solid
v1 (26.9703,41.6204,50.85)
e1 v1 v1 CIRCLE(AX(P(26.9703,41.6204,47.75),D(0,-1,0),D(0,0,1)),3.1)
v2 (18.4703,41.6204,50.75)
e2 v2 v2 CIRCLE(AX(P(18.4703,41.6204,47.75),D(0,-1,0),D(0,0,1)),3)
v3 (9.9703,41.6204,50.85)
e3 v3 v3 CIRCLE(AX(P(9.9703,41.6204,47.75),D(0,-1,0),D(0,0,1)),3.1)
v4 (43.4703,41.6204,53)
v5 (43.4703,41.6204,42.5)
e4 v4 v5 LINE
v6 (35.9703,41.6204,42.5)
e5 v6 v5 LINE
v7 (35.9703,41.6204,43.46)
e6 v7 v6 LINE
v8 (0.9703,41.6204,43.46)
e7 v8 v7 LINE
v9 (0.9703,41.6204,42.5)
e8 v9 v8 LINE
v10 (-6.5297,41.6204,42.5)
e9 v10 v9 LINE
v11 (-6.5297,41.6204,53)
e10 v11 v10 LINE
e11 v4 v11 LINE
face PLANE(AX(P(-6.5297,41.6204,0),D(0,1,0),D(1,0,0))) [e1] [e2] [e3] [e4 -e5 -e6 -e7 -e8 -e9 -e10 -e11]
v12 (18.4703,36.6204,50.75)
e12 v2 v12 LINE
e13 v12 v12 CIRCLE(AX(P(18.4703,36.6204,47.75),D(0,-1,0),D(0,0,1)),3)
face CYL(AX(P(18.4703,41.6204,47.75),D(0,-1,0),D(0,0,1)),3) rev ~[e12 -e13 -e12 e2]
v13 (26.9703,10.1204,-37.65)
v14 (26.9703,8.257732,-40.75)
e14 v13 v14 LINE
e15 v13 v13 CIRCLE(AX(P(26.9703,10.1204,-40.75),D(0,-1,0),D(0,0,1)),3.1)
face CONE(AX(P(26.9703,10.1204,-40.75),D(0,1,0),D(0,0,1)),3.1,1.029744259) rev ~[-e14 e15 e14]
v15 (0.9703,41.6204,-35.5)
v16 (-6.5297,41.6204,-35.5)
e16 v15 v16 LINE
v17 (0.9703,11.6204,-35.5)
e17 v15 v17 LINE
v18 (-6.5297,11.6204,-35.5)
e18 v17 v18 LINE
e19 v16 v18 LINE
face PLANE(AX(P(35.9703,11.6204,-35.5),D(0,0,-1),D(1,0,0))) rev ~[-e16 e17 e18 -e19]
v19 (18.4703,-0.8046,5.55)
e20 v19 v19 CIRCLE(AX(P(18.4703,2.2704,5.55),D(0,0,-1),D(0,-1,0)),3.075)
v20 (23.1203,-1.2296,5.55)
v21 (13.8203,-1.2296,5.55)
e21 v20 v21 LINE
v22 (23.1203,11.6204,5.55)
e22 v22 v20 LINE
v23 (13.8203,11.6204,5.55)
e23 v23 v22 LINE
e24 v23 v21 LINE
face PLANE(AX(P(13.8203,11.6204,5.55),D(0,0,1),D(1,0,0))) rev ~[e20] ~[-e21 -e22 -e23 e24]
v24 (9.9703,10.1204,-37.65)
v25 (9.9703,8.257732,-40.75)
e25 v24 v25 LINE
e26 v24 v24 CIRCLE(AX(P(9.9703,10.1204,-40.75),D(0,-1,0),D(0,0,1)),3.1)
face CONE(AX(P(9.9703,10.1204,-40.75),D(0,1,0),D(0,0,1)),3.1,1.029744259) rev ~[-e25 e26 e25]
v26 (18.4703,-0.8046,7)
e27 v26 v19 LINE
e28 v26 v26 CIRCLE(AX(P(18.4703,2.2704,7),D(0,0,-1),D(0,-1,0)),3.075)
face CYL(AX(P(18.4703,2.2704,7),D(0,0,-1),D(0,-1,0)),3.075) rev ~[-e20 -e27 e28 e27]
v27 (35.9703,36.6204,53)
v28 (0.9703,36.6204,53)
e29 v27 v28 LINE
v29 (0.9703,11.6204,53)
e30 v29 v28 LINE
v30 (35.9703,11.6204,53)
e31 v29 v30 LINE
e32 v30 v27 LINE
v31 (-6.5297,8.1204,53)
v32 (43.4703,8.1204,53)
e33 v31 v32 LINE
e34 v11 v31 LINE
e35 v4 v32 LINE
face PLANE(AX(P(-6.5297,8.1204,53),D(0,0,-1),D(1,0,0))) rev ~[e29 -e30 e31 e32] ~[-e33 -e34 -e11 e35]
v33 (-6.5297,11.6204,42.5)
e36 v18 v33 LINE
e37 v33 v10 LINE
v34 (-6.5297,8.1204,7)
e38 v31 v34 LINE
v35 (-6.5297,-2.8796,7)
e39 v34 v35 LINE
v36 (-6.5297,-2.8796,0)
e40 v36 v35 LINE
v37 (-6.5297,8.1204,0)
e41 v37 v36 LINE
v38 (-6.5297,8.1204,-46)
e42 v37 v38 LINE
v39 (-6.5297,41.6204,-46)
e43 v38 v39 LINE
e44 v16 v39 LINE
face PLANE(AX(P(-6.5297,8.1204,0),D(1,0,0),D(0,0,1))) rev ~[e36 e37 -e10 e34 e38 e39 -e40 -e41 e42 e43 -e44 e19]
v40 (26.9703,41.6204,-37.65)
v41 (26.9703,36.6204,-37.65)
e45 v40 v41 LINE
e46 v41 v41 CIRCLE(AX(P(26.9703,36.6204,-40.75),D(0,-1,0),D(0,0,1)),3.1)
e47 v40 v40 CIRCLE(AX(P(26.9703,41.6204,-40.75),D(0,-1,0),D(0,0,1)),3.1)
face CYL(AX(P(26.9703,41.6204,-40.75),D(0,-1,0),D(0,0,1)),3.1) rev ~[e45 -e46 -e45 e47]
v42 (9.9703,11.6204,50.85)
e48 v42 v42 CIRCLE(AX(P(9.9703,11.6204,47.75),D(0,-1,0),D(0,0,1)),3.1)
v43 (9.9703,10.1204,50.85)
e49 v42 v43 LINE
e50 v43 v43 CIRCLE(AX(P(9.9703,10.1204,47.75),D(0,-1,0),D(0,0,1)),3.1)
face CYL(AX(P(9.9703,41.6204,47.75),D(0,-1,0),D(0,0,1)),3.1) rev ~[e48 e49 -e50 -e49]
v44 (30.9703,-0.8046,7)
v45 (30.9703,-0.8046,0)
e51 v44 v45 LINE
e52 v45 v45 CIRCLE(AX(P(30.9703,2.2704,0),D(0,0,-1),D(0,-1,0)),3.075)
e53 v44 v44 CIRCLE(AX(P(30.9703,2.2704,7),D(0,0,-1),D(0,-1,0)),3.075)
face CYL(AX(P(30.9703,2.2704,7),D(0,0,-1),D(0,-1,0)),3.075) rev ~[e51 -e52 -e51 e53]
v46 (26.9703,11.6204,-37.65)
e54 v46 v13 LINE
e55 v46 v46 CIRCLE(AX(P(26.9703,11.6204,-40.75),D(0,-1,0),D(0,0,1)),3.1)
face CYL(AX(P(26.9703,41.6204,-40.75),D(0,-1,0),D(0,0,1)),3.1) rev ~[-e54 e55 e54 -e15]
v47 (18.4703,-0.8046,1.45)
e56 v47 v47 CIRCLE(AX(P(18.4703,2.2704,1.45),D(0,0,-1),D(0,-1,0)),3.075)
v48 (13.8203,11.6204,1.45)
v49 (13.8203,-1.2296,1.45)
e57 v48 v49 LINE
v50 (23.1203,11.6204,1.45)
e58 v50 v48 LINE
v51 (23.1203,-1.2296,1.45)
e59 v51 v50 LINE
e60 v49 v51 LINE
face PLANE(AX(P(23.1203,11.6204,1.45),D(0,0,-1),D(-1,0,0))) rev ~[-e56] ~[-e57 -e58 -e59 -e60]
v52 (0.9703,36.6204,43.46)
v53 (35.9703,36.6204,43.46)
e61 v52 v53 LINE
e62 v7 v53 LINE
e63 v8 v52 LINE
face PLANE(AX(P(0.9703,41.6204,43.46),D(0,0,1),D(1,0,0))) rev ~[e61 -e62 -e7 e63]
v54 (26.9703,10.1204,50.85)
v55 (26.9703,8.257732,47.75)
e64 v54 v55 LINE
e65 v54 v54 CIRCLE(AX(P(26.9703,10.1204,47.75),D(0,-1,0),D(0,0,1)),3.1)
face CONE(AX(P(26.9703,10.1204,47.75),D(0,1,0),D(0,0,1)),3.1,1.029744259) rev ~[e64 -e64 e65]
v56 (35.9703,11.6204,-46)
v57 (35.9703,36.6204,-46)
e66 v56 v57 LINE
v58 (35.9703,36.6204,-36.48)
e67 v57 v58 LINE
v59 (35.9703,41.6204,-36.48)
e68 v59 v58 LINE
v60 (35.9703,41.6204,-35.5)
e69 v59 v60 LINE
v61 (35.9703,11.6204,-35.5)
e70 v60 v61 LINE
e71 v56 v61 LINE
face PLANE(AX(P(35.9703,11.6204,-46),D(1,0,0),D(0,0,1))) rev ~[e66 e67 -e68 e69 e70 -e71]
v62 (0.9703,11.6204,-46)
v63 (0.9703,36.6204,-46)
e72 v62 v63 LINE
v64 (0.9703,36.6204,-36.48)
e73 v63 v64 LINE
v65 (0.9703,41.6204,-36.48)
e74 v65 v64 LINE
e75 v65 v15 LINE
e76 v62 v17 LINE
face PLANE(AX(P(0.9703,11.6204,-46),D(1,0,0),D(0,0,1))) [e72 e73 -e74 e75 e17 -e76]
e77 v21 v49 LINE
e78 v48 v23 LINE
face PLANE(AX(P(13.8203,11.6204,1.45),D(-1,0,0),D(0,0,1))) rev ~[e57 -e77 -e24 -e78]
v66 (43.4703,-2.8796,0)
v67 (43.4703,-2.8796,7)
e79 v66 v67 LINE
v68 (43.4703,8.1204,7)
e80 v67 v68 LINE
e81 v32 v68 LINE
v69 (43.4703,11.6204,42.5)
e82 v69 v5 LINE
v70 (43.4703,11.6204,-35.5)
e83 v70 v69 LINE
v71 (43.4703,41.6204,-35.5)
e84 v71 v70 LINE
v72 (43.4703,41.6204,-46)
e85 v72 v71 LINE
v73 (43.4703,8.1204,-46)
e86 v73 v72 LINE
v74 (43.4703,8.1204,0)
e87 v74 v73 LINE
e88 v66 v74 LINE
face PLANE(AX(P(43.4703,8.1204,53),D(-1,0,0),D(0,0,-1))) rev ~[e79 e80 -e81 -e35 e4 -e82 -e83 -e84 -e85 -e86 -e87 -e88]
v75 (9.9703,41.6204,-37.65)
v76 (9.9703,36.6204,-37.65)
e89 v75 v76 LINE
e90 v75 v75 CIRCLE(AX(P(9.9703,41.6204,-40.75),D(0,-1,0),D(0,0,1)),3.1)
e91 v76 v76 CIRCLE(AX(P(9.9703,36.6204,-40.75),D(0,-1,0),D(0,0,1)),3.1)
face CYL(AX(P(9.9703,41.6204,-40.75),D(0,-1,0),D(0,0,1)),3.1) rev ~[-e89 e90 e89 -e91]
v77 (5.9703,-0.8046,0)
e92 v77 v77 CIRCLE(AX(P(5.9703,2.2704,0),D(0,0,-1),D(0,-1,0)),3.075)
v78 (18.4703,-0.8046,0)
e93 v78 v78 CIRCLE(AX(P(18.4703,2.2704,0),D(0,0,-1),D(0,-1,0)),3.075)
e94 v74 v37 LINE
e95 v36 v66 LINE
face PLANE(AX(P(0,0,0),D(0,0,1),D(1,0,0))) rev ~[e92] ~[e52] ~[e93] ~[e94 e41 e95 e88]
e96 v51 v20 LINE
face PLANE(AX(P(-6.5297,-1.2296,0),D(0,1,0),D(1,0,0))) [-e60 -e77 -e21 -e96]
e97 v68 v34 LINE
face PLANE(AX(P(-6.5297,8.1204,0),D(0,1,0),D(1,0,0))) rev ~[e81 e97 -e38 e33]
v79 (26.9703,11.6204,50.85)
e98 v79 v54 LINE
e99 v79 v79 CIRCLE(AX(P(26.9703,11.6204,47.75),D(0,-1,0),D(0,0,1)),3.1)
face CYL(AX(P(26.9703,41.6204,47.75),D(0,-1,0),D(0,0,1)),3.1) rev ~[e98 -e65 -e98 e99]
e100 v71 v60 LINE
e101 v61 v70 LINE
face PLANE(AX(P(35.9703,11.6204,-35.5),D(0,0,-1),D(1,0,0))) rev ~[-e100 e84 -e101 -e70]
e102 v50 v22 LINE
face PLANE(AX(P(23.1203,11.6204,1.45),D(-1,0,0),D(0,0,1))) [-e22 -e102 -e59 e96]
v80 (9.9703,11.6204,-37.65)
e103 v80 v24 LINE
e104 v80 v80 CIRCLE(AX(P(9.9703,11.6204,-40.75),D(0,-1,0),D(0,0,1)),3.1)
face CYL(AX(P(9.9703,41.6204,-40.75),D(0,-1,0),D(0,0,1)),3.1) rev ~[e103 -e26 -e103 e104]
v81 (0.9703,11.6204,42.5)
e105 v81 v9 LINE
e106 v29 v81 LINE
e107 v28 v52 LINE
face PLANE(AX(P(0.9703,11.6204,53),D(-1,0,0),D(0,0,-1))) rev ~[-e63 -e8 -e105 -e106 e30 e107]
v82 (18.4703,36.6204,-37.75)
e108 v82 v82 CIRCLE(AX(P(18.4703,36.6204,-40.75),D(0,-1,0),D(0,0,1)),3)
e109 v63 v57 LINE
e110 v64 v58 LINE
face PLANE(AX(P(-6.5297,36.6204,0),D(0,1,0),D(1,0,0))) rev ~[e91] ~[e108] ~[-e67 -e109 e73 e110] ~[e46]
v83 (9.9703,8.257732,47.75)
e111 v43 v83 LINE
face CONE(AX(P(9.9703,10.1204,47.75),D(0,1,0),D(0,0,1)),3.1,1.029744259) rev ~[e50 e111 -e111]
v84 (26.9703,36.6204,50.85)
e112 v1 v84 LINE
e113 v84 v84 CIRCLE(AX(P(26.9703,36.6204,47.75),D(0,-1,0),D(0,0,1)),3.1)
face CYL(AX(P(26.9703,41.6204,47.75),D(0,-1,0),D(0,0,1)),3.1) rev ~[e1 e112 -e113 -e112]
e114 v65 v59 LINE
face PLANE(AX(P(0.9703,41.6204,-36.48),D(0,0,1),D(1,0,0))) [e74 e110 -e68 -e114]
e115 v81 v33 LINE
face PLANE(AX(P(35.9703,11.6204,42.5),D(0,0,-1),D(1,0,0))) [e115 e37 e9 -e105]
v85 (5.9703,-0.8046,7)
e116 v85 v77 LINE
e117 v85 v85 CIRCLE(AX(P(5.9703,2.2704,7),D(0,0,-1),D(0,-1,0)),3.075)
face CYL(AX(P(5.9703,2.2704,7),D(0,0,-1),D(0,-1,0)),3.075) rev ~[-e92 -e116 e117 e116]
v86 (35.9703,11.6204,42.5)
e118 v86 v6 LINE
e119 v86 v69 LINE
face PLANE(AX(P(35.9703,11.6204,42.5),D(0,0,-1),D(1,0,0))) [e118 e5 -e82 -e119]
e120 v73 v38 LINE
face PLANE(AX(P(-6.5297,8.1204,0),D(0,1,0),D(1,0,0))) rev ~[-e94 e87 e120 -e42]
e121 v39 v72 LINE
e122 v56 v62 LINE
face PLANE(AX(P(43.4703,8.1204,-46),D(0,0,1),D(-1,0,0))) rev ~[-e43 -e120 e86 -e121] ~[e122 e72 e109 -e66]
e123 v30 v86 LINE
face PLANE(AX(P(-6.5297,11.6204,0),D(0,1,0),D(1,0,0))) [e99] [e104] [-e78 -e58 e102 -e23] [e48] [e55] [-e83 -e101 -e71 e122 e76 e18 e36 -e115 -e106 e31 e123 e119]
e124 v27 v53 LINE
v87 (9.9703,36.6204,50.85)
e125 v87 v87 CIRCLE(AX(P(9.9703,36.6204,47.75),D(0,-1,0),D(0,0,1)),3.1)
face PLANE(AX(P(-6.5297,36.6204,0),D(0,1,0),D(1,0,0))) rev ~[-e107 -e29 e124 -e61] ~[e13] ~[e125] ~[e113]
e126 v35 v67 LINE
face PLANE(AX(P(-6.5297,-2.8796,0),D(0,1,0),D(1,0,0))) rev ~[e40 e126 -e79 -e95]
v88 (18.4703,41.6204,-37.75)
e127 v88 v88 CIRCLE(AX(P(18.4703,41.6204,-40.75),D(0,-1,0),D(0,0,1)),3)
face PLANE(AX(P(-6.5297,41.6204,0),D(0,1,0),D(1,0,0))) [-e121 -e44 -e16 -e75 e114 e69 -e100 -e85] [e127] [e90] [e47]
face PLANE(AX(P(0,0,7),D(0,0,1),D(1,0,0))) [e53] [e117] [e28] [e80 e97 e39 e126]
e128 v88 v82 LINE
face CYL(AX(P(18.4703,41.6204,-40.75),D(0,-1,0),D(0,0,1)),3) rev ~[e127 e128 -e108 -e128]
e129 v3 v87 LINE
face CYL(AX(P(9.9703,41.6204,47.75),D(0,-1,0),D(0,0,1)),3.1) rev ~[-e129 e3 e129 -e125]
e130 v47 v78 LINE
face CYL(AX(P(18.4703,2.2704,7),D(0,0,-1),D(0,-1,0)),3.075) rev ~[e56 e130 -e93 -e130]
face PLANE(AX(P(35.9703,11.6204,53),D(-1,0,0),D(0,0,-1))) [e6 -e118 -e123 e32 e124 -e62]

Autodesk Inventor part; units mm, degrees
ref_plane "YZ Plane" through (0, 0, 0) normal (1, 0, 0) x (0, 1, 0)
ref_plane "XZ Plane" through (0, 0, 0) normal (0, 1, 0) x (-1, 0, 0)
ref_plane "XY Plane" through (0, 0, 0) normal (0, 0, 1) x (1, 0, 0)
sketch "Skizze1" plane through (0, 0, 0) normal (0, 0, 1) x (1, 0, 0)
  line L0 (-6.5297, -2.8796) -> (43.4703, -2.8796)
  line L1 (43.4703, -2.8796) -> (43.4703, 8.1204)
  line L2 (43.4703, 8.1204) -> (-6.5297, 8.1204)
  line L3 (-6.5297, 8.1204) -> (-6.5297, -2.8796)
  point P0 (0, 0)
  dimension "d0" = 50
  dimension "d1" = 11
extrude "Extrusion1" add sketch "Skizze1" along normal blind 7
sketch "Skizze2" plane through (-6.5297, 8.1204, 0) normal (0, 1, 0) x (1, 0, 0)
  line L0 (29.65, -5.55) -> (20.35, -5.55)
  line L1 (20.35, -5.55) -> (20.35, -1.45)
  line L2 (20.35, -1.45) -> (29.65, -1.45)
  line L3 (29.65, -1.45) -> (29.65, -5.55)
  line L4 (50, -7) -> (0, -7) projected
  line L5 (50, 0) -> (50, -7) projected
  line L6 (0, 0) -> (0, -7) projected
  point P0 (6.5297, 0)
  dimension "d4" = 9.3
  dimension "d5" = 4.1
  dimension "d6" = 1.45
  dimension "d7" = 20.35
  dimension "d8" = 20.35
extrude "Extrusion2" cut sketch "Skizze2" against normal blind 9.35
sketch "Skizze3" plane through (0, 0, 7) normal (0, 0, 1) x (1, 0, 0)
  line L0 (-6.5297, 8.1204) -> (-6.5297, -2.8796) projected
  line L1 (43.4703, 8.1204) -> (-6.5297, 8.1204) projected
  point P0 (0, 0)
  point P1 (5.9703, 2.2704)
  point P2 (18.4703, 2.2704)
  point P3 (30.9703, 2.2704)
  dimension "d11" = 12.5
  dimension "d12" = 12.5
  dimension "d13" = 12.5
  dimension "d14" = 5.85
hole "Bohrung1" at (5.9703, 2.2704, 7) at (18.4703, 2.2704, 7) at (30.9703, 2.2704, 7) direction (0, 0, -1) diameter 6.15 end through all
sketch "Skizze4" plane through (-6.5297, 8.1204, 0) normal (0, 1, 0) x (1, 0, 0)
  point P0 (6.5297, 0)
sketch "Skizze5" plane through (-6.5297, 8.1204, 0) normal (0, 1, 0) x (1, 0, 0)
  line L0 (50, 0) -> (0, 0) projected
  line L1 (0, 0) -> (0, -53.0037)
  line L2 (0, -53) -> (50, -53)
  line L3 (50, -53) -> (50, 46)
  line L4 (50, 46) -> (0, 46)
  line L5 (0, 46) -> (0, -53)
  point P0 (6.5297, 0)
  dimension "d22" = 50
  dimension "d23" = 99
  dimension "d24" = 46
extrude "Extrusion3" add sketch "Skizze5" along normal blind 3.5
sketch "Skizze6" plane through (-6.5297, 11.6204, 0) normal (0, 1, 0) x (1, 0, 0)
  line L0 (29.65, -1.45) -> (29.65, -5.55) projected
  line L1 (29.65, -1.45) -> (20.35, -1.45)
  line L2 (20.35, -1.45) -> (20.35, -5.55)
  line L3 (20.35, -5.55) -> (29.65, -5.55)
  line L4 (29.65, -5.55) -> (29.65, -1.45)
  point P0 (6.5297, 0)
extrude "Extrusion4" cut sketch "Skizze6" against normal blind 3.5
sketch "Skizze7" plane through (-6.5297, 11.6204, 0) normal (0, 1, 0) x (1, 0, 0)
  line L0 (0, -53) -> (50, -53) projected
  line L1 (50, -53) -> (42.5, -53)
  line L2 (42.5, -53) -> (42.5, -42.5)
  line L3 (42.5, -42.5) -> (50, -42.5)
  line L4 (50, -42.5) -> (50, -53)
  line L5 (0, -53) -> (7.5, -53)
  line L6 (7.5, -53) -> (7.5, -42.5)
  line L7 (7.5, -42.5) -> (0, -42.5)
  line L8 (0, -42.5) -> (0, -53)
  line L9 (0, 46) -> (0, -53) projected
  line L10 (0, 46) -> (7.5, 46)
  line L11 (7.5, 46) -> (7.5, 35.5)
  line L12 (7.5, 35.5) -> (0, 35.5)
  line L13 (0, 35.5) -> (0, 46)
  line L14 (50, -53) -> (50, 46) projected
  line L15 (50, 46) -> (42.5, 46)
  line L16 (42.5, 46) -> (42.5, 35.5)
  line L17 (42.5, 35.5) -> (50, 35.5)
  line L18 (50, 35.5) -> (50, 46)
  point P0 (6.5297, 0)
  dimension "d29" = 7.5
  dimension "d30" = 10.5
  dimension "d31" = 7.5
  dimension "d32" = 10.5
  dimension "d33" = 7.5
  dimension "d34" = 10.5
  dimension "d35" = 7.5
  dimension "d36" = 10.5
extrude "Extrusion5" add sketch "Skizze7" along normal blind 25
sketch "Skizze8" plane through (0.9703, 11.6204, -35.5) normal (1, 0, 0) x (0, 0, -1)
  point P0 (-35.5, -11.6204)
sketch "Skizze9" plane through (-6.5297, 36.6204, 0) normal (0, 1, 0) x (1, 0, 0)
  line L0 (50, -42.5) -> (50, 35.5) projected
  line L1 (0, 46) -> (50, 46)
  line L2 (50, 46) -> (50, 35.5)
  line L3 (50, 35.5) -> (0, 35.5)
  line L4 (0, 35.5) -> (0, 46)
  line L5 (50, -53) -> (50, -7) projected
  line L6 (0, -42.5) -> (50, -42.5)
  line L7 (50, -42.5) -> (50, -53)
  line L8 (50, -53) -> (0, -53)
  line L9 (0, -53) -> (0, -42.5)
  line L10 (50, -42.5) -> (42.5, -42.5) projected
  point P0 (6.5297, 0)
  dimension "d75" = 0
extrude "Extrusion6" add sketch "Skizze9" along normal blind 5
sketch "Skizze10" plane through (-6.5297, 41.6204, 0) normal (0, 1, 0) x (1, 0, 0)
  line L0 (50, 46) -> (0, 46) projected
  line L1 (0, -53) -> (50, -53) projected
  line L2 (42.5, -42.5) -> (42.5, -53) projected
  line L3 (42.5, 46) -> (42.5, 35.5) projected
  line L4 (7.5, 35.5) -> (7.5, 46) projected
  line L5 (7.5, -53) -> (7.5, -42.5) projected
  point P0 (6.5297, 0)
  point P1 (15.7518, 40.75)
  point P2 (25, 40.75)
  point P3 (33.5, 40.75)
  point P4 (15.6745, -47.75)
  point P5 (25, -47.75)
  point P6 (33.5, -47.75)
  dimension "d41" = 5.25
  dimension "d42" = 5.25
  dimension "d43" = 5.25
  dimension "d44" = 5.25
  dimension "d45" = 5.25
  dimension "d46" = 5.25
  dimension "d47" = 9
  dimension "d50" = 9
  dimension "d76" = 17.5
  dimension "d77" = 17.5
hole "Bohrung2" at (18.4703, 41.6204, 47.75) at (18.4703, 41.6204, -40.75) direction (0, -1, 0) diameter 6 depth 10 tip angle 118
sketch "Skizze11" plane through (-6.5297, 41.6204, 0) normal (0, 1, 0) x (1, 0, 0)
  line L0 (7.5, -53) -> (7.5, -42.5) projected
  line L1 (42.5, -42.5) -> (42.5, -53) projected
  line L2 (50, -42.5) -> (0, -42.5) projected
  line L3 (50, 46) -> (0, 46) projected
  line L4 (42.5, 46) -> (42.5, 35.5) projected
  line L5 (7.5, 35.5) -> (7.5, 46) projected
  point P0 (6.5297, 0)
  point P1 (16.5, -47.75)
  point P2 (33.5, -47.75)
  point P3 (16.5, 40.75)
  point P4 (33.5, 40.75)
  dimension "d60" = 9
  dimension "d61" = 9
  dimension "d62" = 5.25
  dimension "d63" = 5.25
  dimension "d64" = 5.25
  dimension "d65" = 5.25
  dimension "d66" = 9
  dimension "d67" = 9
hole "Bohrung3" at (9.9703, 41.6204, 47.75) at (26.9703, 41.6204, 47.75) at (9.9703, 41.6204, -40.75) at (26.9703, 41.6204, -40.75) direction (0, -1, 0) diameter 6.2 depth 31.5 tip angle 118
sketch "Skizze12" plane through (-6.5297, -2.8796, 0) normal (0, -1, 0) x (1, 0, 0)
  point P0 (6.5297, 0)
sketch "Skizze13" plane through (-6.5297, 41.6204, 0) normal (0, 1, 0) x (1, 0, 0)
  line L0 (42.5, -53) -> (42.5, -42.5) projected
  line L1 (7.5, -42.5) -> (7.5, -53) projected
  line L2 (42.5, -42.5) -> (7.5, -42.5)
  line L3 (7.5, -42.5) -> (7.5, -43.46)
  line L4 (7.5, -43.46) -> (42.5, -43.46)
  line L5 (42.5, -43.46) -> (42.5, -42.5)
  point P0 (6.5297, 0)
  dimension "d78" = 0.96
extrude "Extrusion7" cut sketch "Skizze13" against normal blind 10
sketch "Skizze14" plane through (35.9703, 11.6204, -35.5) normal (0, 0, 1) x (1, 0, 0)
  point P0 (-35.9703, -11.6204)
sketch "Skizze15" plane through (-6.5297, 41.6204, 0) normal (0, 1, 0) x (1, 0, 0)
  line L0 (7.5, 46) -> (7.5, 35.5) projected
  line L1 (42.5, 35.5) -> (7.5, 35.5)
  line L2 (7.5, 35.5) -> (7.5, 36.48)
  line L3 (7.5, 36.48) -> (42.5, 36.48)
  line L4 (42.5, 36.48) -> (42.5, 35.5)
  line L5 (0, 35.5) -> (50, 35.5) projected
  point P0 (6.5297, 0)
  dimension "d81" = 0.98
  dimension "d82" = 0
extrude "Extrusion8" cut sketch "Skizze15" against normal blind 10
properties part number "Objektträgerhalter 1.1 final"
